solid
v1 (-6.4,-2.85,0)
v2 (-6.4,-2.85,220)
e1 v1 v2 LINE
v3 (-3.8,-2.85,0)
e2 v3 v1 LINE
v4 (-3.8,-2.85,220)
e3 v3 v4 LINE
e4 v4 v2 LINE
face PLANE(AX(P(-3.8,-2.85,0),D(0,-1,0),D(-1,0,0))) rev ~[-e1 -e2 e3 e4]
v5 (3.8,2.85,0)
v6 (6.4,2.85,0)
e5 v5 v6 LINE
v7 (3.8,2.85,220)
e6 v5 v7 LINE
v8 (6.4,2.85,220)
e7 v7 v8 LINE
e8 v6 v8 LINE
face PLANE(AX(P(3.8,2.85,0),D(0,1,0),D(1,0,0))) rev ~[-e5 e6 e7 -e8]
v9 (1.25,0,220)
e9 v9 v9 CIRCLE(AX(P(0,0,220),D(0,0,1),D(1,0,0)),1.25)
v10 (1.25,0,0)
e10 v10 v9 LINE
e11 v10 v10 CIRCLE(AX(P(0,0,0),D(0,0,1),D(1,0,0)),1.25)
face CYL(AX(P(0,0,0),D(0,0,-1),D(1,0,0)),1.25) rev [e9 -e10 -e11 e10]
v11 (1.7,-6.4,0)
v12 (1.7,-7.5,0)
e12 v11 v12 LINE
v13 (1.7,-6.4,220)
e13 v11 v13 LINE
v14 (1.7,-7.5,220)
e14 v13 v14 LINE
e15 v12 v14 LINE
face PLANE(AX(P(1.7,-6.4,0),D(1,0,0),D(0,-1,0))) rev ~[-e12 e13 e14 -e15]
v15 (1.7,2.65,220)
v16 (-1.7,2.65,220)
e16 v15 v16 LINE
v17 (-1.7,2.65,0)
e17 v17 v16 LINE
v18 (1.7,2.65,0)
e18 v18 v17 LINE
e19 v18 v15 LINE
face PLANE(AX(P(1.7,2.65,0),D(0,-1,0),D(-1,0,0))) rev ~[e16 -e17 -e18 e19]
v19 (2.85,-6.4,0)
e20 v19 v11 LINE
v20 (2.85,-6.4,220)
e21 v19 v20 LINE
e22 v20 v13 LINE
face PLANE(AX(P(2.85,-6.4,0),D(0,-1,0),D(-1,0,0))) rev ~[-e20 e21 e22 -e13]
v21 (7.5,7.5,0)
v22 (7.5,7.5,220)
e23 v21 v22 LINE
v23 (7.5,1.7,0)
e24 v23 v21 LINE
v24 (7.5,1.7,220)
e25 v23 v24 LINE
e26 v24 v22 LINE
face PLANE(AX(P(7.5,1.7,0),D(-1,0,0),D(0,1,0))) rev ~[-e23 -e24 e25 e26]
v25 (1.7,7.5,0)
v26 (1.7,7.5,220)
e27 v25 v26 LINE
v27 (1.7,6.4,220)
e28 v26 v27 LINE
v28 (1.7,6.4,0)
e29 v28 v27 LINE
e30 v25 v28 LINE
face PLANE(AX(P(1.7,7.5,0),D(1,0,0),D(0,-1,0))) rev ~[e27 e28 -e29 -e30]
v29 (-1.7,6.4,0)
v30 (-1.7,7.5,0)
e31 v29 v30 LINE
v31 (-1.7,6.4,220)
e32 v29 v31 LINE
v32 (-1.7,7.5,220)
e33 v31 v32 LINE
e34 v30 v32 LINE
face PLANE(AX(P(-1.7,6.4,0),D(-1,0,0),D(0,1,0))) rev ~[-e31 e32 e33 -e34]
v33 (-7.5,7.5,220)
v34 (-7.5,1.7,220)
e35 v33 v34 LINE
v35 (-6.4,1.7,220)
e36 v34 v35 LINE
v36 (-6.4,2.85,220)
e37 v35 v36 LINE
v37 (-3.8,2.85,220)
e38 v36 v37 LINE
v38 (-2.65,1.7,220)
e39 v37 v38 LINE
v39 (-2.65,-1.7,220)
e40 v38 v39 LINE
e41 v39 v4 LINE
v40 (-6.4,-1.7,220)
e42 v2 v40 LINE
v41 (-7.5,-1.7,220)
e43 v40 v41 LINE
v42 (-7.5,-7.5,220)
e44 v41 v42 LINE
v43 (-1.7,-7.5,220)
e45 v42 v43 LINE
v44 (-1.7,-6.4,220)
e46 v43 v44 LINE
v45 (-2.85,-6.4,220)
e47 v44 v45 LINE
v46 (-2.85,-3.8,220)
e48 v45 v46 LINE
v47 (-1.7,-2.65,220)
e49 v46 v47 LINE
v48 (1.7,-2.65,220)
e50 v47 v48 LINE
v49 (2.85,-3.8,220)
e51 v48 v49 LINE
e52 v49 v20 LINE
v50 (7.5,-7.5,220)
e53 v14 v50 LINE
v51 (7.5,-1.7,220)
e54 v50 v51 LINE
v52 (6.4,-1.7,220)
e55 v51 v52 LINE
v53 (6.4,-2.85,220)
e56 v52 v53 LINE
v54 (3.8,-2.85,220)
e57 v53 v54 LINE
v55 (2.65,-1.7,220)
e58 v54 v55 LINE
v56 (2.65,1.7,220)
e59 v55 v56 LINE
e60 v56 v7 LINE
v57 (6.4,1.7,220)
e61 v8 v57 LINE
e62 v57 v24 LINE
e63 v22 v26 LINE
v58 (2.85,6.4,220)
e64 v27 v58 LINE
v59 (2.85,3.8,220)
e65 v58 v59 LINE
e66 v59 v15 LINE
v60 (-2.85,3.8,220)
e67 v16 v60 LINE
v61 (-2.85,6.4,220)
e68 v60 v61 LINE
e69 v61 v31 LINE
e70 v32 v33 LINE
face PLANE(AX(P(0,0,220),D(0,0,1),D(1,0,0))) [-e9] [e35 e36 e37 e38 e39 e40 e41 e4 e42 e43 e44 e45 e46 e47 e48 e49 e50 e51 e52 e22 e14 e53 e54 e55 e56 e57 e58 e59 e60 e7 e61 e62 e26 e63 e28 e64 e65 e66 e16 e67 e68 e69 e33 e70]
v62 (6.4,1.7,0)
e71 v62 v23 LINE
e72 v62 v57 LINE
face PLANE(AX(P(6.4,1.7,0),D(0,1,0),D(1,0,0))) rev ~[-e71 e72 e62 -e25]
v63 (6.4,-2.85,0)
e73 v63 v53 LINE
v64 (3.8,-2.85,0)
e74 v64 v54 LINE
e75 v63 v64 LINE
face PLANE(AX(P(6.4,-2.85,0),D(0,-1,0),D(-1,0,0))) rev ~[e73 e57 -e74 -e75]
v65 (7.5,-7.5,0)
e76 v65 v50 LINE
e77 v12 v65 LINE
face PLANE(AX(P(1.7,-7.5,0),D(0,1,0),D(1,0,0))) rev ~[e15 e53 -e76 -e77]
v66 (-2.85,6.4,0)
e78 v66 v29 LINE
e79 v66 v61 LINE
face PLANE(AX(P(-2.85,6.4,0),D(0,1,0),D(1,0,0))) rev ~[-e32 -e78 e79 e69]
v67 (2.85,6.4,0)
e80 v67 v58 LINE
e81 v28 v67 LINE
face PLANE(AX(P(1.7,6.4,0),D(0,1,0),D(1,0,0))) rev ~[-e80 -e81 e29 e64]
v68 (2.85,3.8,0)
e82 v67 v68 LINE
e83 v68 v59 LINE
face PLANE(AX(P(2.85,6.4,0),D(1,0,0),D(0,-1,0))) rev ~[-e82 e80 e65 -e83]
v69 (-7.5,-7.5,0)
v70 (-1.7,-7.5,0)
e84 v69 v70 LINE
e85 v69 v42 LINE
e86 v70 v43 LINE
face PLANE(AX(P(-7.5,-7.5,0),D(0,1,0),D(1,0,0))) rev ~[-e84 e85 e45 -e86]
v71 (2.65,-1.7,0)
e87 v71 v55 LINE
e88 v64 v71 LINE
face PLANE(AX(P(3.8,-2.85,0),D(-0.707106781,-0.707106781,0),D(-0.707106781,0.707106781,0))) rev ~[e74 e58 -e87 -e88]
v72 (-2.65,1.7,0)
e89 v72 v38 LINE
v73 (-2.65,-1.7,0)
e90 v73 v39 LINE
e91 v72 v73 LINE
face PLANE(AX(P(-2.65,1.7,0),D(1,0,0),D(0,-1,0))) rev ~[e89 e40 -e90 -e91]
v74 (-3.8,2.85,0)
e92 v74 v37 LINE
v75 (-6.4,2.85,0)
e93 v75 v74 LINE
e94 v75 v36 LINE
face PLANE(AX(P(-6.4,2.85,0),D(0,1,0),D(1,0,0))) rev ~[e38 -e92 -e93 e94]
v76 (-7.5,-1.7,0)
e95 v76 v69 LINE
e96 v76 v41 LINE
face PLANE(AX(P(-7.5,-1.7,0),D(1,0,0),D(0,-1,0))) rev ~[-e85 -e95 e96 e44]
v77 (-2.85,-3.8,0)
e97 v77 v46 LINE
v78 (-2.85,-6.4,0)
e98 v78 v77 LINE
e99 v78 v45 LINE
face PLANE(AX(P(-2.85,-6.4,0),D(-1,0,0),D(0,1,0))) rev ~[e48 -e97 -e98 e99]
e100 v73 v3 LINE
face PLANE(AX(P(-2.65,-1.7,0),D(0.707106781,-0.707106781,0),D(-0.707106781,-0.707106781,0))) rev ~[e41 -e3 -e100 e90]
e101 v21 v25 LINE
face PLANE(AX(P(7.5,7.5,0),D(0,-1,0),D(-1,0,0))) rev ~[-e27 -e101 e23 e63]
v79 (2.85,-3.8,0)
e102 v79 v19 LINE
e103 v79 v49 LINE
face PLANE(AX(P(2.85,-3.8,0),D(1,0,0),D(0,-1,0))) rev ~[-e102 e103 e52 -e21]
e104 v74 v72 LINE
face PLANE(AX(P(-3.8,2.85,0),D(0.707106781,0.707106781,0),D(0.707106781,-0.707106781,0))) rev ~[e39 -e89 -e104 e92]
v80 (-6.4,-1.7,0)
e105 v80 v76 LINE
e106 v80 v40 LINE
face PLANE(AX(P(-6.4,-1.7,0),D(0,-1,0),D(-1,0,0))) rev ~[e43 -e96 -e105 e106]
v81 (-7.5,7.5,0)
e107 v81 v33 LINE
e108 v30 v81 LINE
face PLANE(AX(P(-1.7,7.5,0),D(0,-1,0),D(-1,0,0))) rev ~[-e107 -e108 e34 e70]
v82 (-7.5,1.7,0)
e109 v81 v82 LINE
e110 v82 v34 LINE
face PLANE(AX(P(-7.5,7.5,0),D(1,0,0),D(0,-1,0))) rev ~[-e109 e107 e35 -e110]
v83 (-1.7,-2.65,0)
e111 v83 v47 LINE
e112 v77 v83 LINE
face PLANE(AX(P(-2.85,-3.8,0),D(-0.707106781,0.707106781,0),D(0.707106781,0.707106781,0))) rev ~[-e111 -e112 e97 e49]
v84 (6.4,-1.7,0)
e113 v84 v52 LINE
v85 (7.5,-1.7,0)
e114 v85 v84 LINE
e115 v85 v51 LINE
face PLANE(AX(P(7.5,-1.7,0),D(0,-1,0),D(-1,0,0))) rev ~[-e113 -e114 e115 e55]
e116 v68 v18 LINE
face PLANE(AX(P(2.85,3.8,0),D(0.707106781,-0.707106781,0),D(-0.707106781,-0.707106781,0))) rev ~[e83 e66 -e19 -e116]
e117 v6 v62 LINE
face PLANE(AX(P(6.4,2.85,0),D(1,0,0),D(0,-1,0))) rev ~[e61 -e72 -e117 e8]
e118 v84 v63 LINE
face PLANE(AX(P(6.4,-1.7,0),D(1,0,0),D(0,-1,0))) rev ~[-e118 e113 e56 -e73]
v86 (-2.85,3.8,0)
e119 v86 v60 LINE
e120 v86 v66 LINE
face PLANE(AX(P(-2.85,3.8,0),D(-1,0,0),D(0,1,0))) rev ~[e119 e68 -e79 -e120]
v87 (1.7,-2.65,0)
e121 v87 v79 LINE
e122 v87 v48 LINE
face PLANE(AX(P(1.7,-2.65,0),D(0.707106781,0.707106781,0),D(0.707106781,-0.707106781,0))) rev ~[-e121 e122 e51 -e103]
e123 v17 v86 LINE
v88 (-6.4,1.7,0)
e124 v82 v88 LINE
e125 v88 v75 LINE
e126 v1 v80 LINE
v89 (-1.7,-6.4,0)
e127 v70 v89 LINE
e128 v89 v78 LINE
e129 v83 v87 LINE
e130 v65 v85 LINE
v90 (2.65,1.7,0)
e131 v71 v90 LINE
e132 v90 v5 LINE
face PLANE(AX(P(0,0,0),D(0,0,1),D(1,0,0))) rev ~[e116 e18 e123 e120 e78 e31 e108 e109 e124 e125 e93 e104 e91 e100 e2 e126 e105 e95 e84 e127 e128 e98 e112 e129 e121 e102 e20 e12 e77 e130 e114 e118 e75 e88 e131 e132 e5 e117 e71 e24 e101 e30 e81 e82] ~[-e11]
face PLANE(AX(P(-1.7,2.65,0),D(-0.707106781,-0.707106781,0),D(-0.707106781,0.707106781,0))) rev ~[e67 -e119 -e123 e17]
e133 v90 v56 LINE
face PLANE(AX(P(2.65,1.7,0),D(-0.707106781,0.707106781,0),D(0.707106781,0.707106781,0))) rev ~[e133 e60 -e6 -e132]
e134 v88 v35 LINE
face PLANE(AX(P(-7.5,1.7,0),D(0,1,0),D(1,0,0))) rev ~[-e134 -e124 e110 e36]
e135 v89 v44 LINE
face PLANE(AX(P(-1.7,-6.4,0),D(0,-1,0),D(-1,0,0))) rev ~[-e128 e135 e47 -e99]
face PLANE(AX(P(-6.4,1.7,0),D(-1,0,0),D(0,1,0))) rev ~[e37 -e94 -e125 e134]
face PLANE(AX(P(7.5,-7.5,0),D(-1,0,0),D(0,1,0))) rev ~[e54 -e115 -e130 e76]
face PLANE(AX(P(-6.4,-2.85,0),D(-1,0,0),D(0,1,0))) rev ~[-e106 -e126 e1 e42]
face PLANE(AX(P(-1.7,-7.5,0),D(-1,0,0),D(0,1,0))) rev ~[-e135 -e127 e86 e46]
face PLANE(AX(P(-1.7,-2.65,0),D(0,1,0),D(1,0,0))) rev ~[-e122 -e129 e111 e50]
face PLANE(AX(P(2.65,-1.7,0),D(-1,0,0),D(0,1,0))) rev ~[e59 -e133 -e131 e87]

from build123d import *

# Parameters (mm, degrees)
SKETCH_2_R      = 1.25
EXTRUDE_1_DEPTH = 220


with BuildPart() as part:
    # ｽｹｯﾁ2 → ﾎﾞｽ - 押し出し1 (new body)
    with BuildSketch(Plane.XY):
        Polygon((1.7, 2.65), (-1.7, 2.65), (-2.85, 3.8), (-2.85, 6.4), (-1.7, 6.4), (-1.7, 7.5), (-7.5, 7.5), (-7.5, 1.7), (-6.4, 1.7), (-6.4, 2.85), (-3.8, 2.85), (-2.65, 1.7), (-2.65, -1.7), (-3.8, -2.85), (-6.4, -2.85), (-6.4, -1.7), (-7.5, -1.7), (-7.5, -7.5), (-1.7, -7.5), (-1.7, -6.4), (-2.85, -6.4), (-2.85, -3.8), (-1.7, -2.65), (1.7, -2.65), (2.85, -3.8), (2.85, -6.4), (1.7, -6.4), (1.7, -7.5), (7.5, -7.5), (7.5, -1.7), (6.4, -1.7), (6.4, -2.85), (3.8, -2.85), (2.65, -1.7), (2.65, 1.7), (3.8, 2.85), (6.4, 2.85), (6.4, 1.7), (7.5, 1.7), (7.5, 7.5), (1.7, 7.5), (1.7, 6.4), (2.85, 6.4), (2.85, 3.8), align=None)
        Circle(SKETCH_2_R, mode=Mode.SUBTRACT)
    extrude(amount=EXTRUDE_1_DEPTH)


solid = part.part
